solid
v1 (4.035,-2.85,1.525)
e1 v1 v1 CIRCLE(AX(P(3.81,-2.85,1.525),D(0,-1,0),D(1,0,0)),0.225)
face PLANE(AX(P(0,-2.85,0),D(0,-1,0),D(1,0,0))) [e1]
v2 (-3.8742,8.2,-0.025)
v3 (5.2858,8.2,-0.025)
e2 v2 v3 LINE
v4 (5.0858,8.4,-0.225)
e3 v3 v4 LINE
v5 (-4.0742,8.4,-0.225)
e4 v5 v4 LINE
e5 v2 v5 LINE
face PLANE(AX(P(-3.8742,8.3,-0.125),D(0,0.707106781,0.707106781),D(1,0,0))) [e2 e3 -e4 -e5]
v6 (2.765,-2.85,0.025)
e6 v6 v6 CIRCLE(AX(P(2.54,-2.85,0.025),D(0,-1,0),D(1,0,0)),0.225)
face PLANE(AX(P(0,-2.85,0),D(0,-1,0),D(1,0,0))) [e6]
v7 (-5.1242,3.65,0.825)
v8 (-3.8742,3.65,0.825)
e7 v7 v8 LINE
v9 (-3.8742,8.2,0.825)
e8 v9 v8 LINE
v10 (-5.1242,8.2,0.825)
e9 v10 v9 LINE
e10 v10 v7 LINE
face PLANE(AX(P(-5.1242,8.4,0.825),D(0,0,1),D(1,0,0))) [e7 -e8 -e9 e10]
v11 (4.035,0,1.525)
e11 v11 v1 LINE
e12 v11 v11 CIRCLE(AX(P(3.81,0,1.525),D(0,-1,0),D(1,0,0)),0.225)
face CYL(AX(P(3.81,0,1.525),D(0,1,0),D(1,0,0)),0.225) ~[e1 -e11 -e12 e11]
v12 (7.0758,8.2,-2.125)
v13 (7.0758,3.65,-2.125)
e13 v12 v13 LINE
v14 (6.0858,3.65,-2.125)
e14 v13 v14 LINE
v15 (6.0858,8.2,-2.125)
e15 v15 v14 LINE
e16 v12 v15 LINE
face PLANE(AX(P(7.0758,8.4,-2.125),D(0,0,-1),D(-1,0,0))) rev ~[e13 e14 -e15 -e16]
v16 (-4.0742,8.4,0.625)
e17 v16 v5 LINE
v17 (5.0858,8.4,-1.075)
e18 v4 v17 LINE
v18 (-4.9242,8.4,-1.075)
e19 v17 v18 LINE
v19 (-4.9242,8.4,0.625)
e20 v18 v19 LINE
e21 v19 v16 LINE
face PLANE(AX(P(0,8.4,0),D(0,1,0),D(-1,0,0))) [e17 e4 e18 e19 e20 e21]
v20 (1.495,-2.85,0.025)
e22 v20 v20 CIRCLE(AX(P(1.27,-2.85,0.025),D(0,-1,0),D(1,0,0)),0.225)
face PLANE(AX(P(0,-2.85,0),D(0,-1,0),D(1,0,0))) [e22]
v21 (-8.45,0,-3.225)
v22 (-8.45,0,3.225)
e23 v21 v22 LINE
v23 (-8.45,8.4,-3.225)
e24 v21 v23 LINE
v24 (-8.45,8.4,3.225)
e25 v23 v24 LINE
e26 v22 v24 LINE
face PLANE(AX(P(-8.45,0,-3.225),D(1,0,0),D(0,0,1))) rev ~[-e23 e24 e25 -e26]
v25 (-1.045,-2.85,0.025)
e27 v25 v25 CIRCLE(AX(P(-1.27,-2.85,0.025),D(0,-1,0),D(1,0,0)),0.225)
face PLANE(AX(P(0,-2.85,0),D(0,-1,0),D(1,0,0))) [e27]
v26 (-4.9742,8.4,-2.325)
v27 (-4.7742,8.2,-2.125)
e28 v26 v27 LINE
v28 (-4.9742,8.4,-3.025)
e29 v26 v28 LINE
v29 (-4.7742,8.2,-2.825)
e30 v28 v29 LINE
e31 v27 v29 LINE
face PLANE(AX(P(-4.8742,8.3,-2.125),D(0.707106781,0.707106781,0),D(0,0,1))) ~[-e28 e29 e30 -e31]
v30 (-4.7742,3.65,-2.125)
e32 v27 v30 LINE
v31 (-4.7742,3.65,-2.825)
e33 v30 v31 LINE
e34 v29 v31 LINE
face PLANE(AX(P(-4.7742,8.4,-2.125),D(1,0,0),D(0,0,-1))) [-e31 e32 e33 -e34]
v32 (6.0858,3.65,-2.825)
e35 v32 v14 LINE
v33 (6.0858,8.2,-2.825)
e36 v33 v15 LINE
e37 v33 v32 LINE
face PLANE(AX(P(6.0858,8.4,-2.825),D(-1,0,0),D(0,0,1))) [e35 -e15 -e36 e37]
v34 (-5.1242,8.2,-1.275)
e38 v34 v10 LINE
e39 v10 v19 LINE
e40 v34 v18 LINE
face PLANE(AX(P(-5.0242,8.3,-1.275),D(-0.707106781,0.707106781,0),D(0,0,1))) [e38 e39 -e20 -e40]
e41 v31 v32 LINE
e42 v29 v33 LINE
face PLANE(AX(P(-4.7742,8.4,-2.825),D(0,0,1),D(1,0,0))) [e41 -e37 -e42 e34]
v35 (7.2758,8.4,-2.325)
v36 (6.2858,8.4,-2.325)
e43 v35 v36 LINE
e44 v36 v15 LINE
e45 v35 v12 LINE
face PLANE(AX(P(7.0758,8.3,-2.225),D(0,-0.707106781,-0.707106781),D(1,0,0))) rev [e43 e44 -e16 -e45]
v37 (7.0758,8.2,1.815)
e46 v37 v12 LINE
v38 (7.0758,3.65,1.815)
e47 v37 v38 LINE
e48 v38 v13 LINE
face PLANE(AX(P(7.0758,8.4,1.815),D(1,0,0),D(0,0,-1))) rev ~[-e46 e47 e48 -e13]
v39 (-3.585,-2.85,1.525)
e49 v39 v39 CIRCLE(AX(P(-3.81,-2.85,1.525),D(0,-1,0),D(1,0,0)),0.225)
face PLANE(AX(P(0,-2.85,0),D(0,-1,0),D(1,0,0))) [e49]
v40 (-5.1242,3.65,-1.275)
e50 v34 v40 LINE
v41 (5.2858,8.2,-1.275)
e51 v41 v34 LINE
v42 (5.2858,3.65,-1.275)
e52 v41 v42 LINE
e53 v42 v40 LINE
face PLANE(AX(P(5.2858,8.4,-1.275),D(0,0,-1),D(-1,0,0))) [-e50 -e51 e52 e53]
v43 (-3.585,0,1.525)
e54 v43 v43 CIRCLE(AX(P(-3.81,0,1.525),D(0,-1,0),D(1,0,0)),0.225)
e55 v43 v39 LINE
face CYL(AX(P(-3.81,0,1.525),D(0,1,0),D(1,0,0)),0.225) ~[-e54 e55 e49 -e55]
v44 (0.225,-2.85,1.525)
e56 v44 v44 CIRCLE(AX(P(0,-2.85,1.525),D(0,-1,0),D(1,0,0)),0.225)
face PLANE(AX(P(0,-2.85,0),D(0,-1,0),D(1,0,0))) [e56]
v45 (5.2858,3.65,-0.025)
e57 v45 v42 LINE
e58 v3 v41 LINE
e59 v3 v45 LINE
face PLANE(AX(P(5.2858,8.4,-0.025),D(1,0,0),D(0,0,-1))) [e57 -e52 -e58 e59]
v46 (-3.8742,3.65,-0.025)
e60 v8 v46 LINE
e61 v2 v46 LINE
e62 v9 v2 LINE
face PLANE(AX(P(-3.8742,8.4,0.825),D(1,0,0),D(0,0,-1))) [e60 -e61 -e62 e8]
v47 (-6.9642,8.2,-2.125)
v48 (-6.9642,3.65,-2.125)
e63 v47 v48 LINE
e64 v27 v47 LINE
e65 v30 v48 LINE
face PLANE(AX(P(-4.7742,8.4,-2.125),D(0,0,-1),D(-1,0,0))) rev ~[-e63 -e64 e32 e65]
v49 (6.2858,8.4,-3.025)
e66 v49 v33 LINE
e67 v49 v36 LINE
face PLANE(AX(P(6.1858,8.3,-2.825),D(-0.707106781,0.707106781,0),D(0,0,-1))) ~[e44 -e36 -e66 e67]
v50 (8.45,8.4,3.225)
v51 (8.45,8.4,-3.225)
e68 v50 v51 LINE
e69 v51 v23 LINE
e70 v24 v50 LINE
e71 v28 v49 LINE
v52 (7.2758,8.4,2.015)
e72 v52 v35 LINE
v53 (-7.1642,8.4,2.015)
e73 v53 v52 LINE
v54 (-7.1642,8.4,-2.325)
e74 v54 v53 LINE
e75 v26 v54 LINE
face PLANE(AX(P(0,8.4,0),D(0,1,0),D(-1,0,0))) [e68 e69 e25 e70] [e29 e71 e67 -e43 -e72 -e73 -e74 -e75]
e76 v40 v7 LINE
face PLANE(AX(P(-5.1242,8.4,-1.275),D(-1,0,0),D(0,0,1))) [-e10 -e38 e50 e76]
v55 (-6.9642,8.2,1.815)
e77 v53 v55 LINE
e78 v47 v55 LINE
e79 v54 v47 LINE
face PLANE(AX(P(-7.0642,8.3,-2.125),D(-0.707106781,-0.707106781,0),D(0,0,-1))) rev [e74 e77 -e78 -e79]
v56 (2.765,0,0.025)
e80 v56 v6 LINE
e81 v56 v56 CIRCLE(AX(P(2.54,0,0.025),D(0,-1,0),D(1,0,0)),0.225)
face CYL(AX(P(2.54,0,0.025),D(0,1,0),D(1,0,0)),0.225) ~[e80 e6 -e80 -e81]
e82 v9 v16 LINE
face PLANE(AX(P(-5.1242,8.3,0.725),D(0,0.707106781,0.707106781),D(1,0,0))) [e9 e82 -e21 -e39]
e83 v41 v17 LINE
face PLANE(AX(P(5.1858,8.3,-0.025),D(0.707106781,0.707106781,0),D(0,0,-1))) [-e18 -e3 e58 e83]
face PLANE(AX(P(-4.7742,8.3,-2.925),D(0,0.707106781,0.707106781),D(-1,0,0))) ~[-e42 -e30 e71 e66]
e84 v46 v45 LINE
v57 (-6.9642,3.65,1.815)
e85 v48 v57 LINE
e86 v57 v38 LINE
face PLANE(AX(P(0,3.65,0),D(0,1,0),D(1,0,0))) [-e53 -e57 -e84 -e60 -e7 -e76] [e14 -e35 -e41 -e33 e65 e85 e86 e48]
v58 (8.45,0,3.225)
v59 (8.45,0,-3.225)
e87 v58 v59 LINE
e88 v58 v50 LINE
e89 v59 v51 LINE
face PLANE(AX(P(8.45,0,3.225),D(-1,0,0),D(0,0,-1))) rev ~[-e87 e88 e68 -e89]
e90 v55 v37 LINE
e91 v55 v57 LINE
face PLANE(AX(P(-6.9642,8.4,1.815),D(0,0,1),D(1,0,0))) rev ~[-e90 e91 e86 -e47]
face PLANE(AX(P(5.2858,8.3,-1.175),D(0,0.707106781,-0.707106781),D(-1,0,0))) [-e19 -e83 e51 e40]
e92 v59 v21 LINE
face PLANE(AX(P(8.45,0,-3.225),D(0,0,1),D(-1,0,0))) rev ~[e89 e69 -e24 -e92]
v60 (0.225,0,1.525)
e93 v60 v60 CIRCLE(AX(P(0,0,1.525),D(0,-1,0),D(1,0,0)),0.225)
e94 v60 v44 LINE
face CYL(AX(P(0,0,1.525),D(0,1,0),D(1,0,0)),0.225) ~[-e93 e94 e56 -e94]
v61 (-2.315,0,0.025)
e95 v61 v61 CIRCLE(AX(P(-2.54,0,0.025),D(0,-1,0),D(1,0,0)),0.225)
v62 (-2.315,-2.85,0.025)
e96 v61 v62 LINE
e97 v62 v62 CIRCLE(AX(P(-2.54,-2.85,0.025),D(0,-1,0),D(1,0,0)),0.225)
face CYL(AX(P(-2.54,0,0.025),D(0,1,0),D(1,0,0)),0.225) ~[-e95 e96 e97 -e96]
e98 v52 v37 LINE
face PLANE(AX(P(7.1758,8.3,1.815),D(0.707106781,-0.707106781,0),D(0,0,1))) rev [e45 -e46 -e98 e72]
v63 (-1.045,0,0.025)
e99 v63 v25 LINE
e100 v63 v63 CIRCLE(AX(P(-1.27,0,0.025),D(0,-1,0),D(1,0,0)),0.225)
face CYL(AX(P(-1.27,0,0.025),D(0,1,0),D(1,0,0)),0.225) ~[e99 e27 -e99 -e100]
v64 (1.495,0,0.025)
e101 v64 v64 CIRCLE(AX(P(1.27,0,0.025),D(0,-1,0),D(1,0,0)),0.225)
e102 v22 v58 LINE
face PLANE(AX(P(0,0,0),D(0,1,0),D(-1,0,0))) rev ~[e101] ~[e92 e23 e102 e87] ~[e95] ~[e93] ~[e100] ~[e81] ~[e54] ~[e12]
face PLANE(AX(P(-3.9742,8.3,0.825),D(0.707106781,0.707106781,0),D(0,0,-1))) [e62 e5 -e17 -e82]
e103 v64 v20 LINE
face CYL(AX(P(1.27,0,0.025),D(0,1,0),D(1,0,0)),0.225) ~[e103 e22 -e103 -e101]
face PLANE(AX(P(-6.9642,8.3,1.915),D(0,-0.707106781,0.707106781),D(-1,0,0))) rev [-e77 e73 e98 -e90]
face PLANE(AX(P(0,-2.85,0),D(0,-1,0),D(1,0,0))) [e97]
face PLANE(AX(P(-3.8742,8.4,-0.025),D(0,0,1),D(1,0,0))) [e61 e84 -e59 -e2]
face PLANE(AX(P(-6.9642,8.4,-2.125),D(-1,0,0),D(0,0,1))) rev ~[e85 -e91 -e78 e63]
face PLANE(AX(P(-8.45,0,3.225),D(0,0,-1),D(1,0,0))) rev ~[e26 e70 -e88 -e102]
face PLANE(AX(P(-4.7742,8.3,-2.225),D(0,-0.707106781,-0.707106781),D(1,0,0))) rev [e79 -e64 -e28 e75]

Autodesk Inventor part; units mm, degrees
ref_plane "YZ Plane" through (0, 0, 0) normal (1, 0, 0) x (0, 1, 0)
ref_plane "XZ Plane" through (0, 0, 0) normal (0, 1, 0) x (-1, 0, 0)
ref_plane "XY Plane" through (0, 0, 0) normal (0, 0, 1) x (1, 0, 0)
sketch "Sketch1" plane through (0, 0, 0) normal (0, 1, 0) x (-1, 0, 0)
  line L0 (8.45, 3.225) -> (-8.45, 3.225)
  line L1 (-8.45, 3.225) -> (-8.45, -3.225)
  line L2 (-8.45, -3.225) -> (8.45, -3.225)
  line L3 (8.45, -3.225) -> (8.45, 3.225)
  point P0 (0, 0)
  dimension "d0" = 16.9
  dimension "d1" = 8.45
  dimension "d2" = 6.45
  dimension "d3" = 3.225
extrude "Extrusion1" add sketch "Sketch1" along normal blind 8.4
sketch "Sketch2" plane through (0, 8.4, 0) normal (0, 1, 0) x (1, 0, 0)
  line L0 (-6.9642, -1.815) -> (7.0758, -1.815)
  line L1 (7.0758, -1.815) -> (7.0758, 2.125)
  line L2 (7.0758, 2.125) -> (-6.9642, 2.125)
  line L3 (-6.9642, 2.125) -> (-6.9642, -1.815)
  line L4 (6.0858, 2.125) -> (-4.7742, 2.125)
  line L5 (-4.7742, 2.125) -> (-4.7742, 2.825)
  line L6 (-4.7742, 2.825) -> (6.0858, 2.825)
  line L7 (6.0858, 2.825) -> (6.0858, 2.125)
  line L8 (-5.1242, -0.825) -> (-3.8742, -0.825)
  line L9 (-3.8742, -0.825) -> (-3.8742, 0.025)
  line L10 (-3.8742, 0.025) -> (5.2858, 0.025)
  line L11 (5.2858, 0.025) -> (5.2858, 1.275)
  line L12 (5.2858, 1.275) -> (-5.1242, 1.275)
  line L13 (-5.1242, 1.275) -> (-5.1242, -0.825)
  line L14 (-8.45, -3.225) -> (8.45, -3.225) projected
  point P0 (0, 0)
  dimension "d6" = 10.86
  dimension "d7" = 4.5
  dimension "d8" = 1.84
  dimension "d9" = 1.79
  dimension "d10" = 0.8
  dimension "d11" = 10.41
  dimension "d12" = 3.94
  dimension "d13" = 1.55
  dimension "d14" = 1.25
  dimension "d15" = 0.85
  dimension "d16" = 0.85
  dimension "d17" = 1.25
extrude "Extrusion2" cut sketch "Sketch2" against normal blind 4.75
chamfer "Chamfer1" distance 0.2 angle 45 14 edges at (0.0808, 8.4, -1.275) (5.2858, 8.4, -0.65) (0.7058, 8.4, -0.025) (-3.8742, 8.4, 0.4) (-4.4992, 8.4, 0.825) (-5.1242, 8.4, -0.225) (-4.7742, 8.4, -2.475) (-5.8692, 8.4, -2.125) (-6.9642, 8.4, -0.155) (0.0558, 8.4, 1.815) (7.0758, 8.4, -0.155) (6.5808, 8.4, -2.125) (6.0858, 8.4, -2.475) (0.6558, 8.4, -2.825)
sketch "Sketch3" plane through (0, 0, 0) normal (0, -1, 0) x (1, 0, 0)
  line L0 (31.8884, 0.025) -> (-22.6507, 0.025) construction
  line L1 (42.8322, 1.525) -> (-5.5903, 1.525) construction
  circle A0 centre (0, 1.525) radius 0.225
  circle A1 centre (3.81, 1.525) radius 0.225
  circle A2 centre (-3.81, 1.525) radius 0.225
  circle A3 centre (-1.27, 0.025) radius 0.225
  circle A4 centre (-2.54, 0.025) radius 0.225
  circle A5 centre (1.27, 0.025) radius 0.225
  circle A6 centre (2.54, 0.025) radius 0.225
  line L2 (-4.9242, -1.075) -> (5.0858, -1.075) projected
  line L3 (4.5428, -1.075) -> (-4.5914, -1.075)
  point P0 (0, 0)
  dimension "d23" = 1.27
  dimension "d24" = 1.27
  dimension "d25" = 1.27
  dimension "d26" = 1.27
  dimension "d27" = 1.27
  dimension "d28" = 0
  dimension "d29" = 1.27
  dimension "d30" = 1.5
  dimension "d31" = 0.45
  dimension "d32" = 0.45
  dimension "d33" = 0.45
  dimension "d34" = 0.45
  dimension "d35" = 0.45
  dimension "d36" = 0.45
  dimension "d37" = 0.45
  dimension "d38" = 1.1
extrude "Extrusion3" add sketch "Sketch3" along normal blind 2.85
properties part number "SATA_Conn_TH"
